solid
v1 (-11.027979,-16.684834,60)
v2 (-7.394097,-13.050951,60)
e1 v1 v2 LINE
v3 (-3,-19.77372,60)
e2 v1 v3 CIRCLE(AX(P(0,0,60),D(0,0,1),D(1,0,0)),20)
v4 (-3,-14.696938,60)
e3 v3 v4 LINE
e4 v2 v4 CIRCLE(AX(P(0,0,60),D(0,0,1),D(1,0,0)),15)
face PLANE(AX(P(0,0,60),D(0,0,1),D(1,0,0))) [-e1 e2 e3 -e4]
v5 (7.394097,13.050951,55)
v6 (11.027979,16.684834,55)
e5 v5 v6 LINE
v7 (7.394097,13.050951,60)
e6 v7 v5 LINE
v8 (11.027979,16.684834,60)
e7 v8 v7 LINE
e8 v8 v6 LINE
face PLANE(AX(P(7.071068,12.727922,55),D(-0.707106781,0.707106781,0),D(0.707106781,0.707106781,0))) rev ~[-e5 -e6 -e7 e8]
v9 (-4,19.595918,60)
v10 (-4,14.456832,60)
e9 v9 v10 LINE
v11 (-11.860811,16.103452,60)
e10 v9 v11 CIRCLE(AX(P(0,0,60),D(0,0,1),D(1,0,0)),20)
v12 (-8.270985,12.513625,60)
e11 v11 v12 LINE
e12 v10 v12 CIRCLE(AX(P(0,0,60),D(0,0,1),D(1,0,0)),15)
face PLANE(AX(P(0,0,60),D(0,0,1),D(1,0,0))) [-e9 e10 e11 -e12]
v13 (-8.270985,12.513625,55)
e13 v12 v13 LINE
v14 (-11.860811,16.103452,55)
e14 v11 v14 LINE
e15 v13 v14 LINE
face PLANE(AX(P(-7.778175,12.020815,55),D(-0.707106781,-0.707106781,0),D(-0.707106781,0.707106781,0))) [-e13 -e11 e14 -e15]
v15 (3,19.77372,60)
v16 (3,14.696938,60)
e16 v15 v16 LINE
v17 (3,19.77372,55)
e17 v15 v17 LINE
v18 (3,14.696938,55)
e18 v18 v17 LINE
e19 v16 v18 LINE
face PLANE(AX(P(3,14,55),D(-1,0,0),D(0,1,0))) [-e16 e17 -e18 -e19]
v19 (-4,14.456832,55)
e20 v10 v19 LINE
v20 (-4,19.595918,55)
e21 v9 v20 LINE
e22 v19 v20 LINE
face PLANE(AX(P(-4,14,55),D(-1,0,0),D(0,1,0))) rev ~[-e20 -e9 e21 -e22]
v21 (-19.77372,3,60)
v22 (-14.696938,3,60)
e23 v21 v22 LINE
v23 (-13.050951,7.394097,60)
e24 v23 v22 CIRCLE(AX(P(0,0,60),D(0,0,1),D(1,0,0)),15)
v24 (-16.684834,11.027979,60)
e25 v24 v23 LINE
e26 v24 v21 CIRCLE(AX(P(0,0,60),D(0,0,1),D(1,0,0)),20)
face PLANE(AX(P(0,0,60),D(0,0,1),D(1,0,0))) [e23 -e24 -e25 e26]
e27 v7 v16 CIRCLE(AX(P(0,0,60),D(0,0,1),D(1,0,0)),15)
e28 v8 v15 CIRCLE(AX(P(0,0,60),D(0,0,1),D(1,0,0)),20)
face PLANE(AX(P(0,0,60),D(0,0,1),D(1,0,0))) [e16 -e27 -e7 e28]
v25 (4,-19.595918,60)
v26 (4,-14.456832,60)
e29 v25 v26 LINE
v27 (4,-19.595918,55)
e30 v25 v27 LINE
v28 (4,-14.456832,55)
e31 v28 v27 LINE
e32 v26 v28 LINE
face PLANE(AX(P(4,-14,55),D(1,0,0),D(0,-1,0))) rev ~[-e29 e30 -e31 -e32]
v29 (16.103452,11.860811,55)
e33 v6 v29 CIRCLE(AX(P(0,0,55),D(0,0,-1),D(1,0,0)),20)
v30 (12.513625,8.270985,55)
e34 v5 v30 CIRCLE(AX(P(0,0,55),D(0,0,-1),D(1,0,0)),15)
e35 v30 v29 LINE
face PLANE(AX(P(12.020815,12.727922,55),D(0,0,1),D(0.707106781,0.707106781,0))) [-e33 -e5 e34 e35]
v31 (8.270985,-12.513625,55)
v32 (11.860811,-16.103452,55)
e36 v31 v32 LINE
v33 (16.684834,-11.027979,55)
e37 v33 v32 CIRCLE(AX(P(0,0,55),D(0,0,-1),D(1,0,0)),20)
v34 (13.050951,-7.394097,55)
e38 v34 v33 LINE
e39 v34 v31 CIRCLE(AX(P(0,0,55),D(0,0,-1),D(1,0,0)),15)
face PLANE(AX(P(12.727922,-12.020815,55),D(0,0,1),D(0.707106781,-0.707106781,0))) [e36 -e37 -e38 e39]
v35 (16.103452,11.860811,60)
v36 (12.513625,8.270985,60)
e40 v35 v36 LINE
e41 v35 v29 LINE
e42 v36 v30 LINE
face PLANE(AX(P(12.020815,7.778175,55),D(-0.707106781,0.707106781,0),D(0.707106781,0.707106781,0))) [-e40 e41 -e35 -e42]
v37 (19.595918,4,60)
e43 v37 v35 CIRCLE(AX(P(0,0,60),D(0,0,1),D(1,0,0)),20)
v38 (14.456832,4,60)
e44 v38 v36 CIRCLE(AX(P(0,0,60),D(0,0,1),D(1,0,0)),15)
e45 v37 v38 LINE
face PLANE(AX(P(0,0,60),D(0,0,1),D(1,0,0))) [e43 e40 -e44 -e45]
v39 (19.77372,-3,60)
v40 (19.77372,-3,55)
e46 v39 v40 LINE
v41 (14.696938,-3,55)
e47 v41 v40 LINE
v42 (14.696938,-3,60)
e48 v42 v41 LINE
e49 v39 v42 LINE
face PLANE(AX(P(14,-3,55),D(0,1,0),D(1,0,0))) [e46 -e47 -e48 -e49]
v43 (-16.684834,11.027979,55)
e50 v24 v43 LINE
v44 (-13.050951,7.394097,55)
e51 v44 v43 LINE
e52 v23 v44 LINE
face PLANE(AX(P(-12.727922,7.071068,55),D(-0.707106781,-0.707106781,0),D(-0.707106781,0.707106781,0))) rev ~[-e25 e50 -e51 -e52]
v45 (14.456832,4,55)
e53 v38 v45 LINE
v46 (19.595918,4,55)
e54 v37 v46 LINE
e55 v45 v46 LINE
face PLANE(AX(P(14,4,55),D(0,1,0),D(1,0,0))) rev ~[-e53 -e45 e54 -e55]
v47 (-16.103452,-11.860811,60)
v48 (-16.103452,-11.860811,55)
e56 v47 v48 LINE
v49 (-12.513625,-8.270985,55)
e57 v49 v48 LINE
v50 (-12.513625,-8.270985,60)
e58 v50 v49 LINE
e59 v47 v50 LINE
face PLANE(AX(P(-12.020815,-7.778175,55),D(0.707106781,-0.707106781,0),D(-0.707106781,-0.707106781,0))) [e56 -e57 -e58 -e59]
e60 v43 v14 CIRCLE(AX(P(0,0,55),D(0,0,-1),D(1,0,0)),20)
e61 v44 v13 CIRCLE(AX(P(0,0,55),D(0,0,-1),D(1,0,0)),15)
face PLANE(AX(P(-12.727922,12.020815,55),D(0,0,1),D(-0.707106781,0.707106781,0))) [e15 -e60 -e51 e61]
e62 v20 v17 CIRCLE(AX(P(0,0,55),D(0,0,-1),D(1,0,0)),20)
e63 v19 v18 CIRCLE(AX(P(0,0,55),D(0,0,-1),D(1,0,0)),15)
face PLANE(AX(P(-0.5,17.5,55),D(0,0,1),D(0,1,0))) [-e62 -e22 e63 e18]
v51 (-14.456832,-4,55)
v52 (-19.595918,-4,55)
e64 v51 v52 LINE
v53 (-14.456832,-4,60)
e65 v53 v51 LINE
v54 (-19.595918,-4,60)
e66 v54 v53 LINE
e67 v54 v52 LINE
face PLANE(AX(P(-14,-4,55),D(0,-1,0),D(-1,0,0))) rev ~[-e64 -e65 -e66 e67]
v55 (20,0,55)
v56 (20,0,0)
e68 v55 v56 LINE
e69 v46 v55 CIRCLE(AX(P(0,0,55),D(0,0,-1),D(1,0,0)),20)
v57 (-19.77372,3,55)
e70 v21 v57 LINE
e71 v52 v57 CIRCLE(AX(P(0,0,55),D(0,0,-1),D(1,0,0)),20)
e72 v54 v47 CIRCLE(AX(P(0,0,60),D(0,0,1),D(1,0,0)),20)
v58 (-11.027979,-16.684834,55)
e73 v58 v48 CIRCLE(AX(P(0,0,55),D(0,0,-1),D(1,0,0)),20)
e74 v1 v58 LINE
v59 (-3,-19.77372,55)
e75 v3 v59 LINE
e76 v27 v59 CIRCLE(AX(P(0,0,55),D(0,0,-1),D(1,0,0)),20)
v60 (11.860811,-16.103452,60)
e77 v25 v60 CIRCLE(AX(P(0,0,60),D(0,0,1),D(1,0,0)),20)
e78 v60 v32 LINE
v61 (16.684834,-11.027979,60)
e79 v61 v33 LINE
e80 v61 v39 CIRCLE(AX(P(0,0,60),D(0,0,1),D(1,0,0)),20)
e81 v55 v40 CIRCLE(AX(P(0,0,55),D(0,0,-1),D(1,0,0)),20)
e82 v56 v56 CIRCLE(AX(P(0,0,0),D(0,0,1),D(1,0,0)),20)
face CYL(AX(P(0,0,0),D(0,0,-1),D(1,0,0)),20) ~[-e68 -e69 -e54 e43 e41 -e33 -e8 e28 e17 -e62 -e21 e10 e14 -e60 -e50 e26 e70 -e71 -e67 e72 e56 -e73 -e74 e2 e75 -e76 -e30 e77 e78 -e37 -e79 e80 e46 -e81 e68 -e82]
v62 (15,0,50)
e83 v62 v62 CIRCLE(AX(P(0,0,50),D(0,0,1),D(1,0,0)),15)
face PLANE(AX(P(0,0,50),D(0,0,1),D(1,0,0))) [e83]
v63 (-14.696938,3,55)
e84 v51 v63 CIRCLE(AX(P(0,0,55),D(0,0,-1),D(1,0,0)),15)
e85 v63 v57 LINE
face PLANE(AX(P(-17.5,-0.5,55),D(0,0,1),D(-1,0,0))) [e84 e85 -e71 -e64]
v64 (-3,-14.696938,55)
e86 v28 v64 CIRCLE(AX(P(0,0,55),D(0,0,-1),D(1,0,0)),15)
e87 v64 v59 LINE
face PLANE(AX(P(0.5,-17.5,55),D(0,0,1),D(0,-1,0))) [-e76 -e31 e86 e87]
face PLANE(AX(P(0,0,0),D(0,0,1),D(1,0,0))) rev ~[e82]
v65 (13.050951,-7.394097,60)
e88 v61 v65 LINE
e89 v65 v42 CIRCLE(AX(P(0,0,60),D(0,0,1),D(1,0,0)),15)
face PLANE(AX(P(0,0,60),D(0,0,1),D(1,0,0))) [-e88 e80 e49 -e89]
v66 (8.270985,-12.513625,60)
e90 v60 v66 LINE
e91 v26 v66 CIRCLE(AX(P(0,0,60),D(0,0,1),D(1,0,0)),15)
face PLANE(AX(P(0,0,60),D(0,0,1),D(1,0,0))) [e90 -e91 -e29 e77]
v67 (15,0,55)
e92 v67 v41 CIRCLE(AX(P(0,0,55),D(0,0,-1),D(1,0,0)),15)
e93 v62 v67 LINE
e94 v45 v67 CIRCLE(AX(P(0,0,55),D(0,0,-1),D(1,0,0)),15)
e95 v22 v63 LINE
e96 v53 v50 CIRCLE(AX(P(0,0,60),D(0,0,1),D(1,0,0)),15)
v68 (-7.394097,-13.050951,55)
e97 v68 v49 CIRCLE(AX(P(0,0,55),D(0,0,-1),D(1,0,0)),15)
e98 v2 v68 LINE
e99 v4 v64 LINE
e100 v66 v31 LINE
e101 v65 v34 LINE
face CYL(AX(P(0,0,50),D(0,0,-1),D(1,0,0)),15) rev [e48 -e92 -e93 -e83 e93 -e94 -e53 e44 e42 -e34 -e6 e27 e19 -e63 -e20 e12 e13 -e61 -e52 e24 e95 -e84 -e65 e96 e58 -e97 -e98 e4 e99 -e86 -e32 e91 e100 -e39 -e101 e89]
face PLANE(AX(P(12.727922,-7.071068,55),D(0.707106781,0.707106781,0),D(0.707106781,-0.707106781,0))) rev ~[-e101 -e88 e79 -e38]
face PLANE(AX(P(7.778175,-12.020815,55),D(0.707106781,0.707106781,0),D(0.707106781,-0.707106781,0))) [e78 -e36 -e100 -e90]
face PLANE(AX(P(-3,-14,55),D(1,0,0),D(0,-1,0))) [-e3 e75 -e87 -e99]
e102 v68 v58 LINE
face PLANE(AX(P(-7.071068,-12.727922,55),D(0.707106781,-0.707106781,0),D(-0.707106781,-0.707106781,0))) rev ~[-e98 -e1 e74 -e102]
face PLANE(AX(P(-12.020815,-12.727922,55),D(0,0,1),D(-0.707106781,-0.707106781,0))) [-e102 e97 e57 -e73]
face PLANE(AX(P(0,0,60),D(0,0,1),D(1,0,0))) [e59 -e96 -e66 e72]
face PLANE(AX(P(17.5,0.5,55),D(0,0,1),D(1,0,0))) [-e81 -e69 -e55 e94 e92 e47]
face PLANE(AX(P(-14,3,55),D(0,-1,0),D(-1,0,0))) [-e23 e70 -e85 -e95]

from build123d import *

# Parameters (mm, degrees)
BOX_W             = 7
BOX_H             = 7
BOX_DEPTH         = 7
ARRAY_COUNT       = 8
CYLINDER002_R     = 15
CYLINDER002_DEPTH = 10
CYLINDER001_R     = 20
CYLINDER001_DEPTH = 20
CYLINDER_R        = 20
CYLINDER_DEPTH    = 50


with BuildPart() as array:
    # Box → Box (new body)
    with BuildSketch(Plane(origin=(14, -3, 57), x_dir=(1, 0, 0), z_dir=(0, 0, 1))):
        with Locations((3.5, 3.5)):
            Rectangle(BOX_W, BOX_H)
    extrude(amount=BOX_DEPTH)

    # Array: Array ×8 about axis
    array_axis = Axis((0, 0, 0), (0, 0, 1))


with BuildPart() as array_1:
    add(array.part)
    for i in range(1, ARRAY_COUNT):
        add(array.part.rotate(array_axis, i * 360 / ARRAY_COUNT))


with BuildPart() as array_2:
    # Array placement: moved
    add(array_1.part.moved(Location((0, 0, -2))))


with BuildPart() as cilindre002:
    # Cylinder002 → Cylinder002 (new body)
    with BuildSketch(Plane.XY.offset(50)):
        Circle(CYLINDER002_R)
    extrude(amount=CYLINDER002_DEPTH)


with BuildPart() as cut:
    # Cylinder001 → Cylinder001 (new body)
    with BuildSketch(Plane.XY.offset(40)):
        Circle(CYLINDER001_R)
    extrude(amount=CYLINDER001_DEPTH)

    # Cut: cut Cilindre002
    add(cilindre002.part, mode=Mode.SUBTRACT)


with BuildPart() as cut001:
    # Cylinder → Cylinder (new body)
    with BuildSketch(Plane.XY):
        Circle(CYLINDER_R)
    extrude(amount=CYLINDER_DEPTH)

    # Fusion: union Cut
    add(cut.part)

    # Cut001: cut Array
    add(array_2.part, mode=Mode.SUBTRACT)


solid = cut001.part
